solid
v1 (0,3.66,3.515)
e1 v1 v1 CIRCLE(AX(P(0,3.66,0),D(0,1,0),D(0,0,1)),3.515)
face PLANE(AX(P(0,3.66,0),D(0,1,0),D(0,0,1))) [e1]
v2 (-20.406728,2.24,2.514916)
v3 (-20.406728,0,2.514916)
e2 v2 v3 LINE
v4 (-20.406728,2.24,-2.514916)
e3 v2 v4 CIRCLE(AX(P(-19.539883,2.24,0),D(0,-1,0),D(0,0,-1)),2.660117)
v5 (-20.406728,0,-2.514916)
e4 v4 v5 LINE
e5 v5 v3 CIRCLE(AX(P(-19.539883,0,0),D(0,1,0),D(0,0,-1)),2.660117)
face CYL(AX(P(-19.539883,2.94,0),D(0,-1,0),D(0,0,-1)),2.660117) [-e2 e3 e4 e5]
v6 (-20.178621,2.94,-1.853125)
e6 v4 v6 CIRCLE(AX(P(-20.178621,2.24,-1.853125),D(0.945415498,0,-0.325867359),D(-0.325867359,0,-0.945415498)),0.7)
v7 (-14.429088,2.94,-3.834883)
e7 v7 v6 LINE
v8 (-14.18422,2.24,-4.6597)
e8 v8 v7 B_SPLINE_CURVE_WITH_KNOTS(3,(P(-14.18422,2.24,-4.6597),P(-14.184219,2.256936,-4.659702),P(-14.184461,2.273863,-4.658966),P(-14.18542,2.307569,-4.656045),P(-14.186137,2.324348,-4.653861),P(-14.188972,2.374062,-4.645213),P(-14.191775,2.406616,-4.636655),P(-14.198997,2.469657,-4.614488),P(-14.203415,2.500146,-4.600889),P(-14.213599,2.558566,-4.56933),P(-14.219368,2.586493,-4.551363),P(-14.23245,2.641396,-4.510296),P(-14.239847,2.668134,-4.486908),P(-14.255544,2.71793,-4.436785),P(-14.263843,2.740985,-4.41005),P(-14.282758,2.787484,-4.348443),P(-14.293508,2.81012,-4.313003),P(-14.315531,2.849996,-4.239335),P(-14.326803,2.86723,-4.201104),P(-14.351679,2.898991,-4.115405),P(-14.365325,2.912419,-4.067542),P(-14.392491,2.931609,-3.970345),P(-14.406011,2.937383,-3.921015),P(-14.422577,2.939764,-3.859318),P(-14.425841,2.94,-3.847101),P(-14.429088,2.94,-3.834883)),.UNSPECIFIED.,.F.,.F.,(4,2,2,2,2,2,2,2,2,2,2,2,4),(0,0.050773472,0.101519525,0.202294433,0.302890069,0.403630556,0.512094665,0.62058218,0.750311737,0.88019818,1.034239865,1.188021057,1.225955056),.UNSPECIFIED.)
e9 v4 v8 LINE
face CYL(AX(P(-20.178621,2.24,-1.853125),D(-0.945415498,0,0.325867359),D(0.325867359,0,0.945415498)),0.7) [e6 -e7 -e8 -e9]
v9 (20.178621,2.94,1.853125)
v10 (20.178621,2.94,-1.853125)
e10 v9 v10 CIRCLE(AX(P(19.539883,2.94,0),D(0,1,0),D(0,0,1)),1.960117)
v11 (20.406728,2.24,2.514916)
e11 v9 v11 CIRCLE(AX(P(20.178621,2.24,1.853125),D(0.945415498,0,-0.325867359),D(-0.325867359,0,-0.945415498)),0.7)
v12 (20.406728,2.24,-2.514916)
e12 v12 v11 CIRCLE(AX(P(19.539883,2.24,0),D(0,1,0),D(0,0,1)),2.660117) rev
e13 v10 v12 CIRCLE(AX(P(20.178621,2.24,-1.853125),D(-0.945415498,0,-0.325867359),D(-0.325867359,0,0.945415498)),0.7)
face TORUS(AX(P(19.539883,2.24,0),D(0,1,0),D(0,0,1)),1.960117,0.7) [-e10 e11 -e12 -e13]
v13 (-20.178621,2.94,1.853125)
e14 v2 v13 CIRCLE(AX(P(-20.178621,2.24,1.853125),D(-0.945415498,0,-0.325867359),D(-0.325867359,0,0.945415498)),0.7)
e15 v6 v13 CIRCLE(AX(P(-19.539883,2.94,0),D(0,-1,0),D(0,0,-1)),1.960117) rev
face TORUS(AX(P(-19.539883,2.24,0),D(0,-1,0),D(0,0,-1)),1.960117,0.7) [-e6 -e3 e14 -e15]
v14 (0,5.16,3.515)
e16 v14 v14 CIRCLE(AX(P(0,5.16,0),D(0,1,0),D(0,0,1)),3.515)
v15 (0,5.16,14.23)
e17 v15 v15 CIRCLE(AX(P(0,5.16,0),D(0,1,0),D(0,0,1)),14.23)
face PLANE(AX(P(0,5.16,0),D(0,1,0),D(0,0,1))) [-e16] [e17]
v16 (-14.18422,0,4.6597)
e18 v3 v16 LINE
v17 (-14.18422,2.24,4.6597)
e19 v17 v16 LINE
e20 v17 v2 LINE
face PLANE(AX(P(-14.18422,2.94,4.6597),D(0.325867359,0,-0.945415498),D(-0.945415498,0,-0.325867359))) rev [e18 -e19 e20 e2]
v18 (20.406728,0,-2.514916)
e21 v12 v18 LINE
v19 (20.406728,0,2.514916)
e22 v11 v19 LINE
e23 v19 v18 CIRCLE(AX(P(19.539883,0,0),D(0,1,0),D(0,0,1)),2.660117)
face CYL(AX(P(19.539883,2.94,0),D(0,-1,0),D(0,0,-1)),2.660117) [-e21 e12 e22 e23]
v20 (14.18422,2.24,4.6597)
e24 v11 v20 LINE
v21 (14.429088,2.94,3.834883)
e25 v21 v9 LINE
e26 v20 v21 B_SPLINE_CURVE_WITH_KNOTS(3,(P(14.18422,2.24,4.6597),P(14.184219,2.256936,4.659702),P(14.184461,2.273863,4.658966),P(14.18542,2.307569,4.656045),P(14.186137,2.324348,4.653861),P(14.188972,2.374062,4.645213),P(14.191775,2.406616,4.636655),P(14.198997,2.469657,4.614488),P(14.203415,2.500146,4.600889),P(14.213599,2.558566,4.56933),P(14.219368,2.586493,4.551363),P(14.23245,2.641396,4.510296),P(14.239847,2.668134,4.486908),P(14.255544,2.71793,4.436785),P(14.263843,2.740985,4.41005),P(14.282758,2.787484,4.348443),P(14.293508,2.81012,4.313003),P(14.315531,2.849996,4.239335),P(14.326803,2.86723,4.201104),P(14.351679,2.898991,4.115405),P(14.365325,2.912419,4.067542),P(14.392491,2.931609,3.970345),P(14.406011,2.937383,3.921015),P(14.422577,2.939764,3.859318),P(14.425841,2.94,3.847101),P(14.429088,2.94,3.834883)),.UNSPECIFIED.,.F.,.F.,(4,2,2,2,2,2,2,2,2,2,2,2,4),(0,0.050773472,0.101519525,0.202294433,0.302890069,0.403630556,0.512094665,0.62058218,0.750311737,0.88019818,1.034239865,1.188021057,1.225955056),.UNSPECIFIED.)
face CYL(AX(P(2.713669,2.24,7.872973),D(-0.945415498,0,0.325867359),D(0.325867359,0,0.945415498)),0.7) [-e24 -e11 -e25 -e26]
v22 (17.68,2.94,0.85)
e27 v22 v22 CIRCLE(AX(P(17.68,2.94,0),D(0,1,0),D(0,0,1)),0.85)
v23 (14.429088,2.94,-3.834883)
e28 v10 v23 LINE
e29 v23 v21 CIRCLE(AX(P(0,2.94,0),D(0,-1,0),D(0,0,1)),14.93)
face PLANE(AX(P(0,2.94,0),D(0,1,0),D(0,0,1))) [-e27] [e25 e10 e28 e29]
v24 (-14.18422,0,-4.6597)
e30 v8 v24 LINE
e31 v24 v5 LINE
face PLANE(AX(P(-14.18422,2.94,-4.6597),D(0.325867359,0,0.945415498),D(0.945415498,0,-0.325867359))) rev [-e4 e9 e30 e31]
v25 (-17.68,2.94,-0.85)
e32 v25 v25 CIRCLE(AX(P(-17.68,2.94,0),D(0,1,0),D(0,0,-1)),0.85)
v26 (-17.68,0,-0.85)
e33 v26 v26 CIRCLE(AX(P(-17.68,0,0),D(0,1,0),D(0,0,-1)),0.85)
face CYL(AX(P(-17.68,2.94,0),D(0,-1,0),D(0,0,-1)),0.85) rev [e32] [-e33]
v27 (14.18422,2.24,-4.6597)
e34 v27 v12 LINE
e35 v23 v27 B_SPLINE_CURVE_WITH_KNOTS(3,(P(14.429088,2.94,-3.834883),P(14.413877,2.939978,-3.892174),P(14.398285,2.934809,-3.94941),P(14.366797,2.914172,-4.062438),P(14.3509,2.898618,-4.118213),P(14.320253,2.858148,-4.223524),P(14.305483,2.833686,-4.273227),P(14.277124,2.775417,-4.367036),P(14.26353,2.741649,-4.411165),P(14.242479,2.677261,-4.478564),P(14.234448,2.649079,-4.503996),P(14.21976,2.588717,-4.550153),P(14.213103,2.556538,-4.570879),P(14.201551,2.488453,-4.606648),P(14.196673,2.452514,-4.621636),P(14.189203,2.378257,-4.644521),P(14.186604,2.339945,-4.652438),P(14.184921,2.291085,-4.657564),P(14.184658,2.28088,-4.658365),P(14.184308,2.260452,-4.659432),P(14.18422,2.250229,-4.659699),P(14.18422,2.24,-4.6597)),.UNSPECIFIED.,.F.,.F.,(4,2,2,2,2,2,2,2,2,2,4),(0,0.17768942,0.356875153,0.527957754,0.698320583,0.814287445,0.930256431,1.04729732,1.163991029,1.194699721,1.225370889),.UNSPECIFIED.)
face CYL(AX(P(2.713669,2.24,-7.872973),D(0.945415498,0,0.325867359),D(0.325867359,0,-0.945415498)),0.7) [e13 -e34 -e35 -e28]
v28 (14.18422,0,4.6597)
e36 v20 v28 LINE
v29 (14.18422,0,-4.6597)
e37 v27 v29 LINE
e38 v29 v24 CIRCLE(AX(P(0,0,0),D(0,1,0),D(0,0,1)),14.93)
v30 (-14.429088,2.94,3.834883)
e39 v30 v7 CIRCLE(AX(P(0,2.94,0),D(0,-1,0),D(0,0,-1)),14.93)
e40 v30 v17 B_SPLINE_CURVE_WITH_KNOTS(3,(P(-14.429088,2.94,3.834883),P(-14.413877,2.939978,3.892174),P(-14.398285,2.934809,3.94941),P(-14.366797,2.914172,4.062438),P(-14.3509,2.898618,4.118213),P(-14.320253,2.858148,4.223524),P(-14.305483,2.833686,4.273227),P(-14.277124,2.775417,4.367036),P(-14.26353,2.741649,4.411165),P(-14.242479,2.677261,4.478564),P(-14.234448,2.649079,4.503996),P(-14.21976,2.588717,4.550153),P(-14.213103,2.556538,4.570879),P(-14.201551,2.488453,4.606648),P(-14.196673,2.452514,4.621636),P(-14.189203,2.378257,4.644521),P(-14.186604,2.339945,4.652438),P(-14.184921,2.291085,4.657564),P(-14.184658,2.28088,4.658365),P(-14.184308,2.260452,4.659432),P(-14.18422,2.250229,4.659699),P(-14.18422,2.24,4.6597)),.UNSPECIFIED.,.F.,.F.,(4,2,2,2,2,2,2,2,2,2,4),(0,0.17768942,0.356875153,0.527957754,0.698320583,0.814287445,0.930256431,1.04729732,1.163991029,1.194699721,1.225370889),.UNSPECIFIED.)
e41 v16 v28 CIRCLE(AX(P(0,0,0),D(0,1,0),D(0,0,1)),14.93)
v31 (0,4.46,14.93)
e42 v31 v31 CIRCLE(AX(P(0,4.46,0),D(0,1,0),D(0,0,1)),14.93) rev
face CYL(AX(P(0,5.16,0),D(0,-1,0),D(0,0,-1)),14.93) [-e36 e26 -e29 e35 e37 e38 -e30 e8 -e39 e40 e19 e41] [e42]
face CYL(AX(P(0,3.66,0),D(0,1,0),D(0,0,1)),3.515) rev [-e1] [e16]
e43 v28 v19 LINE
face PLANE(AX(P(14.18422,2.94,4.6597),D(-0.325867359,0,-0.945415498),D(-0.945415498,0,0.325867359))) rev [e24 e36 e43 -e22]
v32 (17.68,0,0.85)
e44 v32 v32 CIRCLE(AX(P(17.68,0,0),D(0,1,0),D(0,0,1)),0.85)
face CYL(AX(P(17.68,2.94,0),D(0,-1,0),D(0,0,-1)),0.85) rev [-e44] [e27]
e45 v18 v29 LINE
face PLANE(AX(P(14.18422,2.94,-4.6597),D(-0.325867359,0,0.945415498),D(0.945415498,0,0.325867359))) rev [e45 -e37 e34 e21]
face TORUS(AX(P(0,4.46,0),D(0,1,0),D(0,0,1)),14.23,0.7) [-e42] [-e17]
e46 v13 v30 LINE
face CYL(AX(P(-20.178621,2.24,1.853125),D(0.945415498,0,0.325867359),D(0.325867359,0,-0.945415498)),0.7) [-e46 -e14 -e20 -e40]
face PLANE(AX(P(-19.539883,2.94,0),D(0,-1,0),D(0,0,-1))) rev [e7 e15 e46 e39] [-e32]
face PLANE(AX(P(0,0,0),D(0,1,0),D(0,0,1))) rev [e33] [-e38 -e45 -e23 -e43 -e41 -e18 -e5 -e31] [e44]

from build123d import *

# Parameters (mm, degrees)
SKETCH1_R           = 14.93
BOSS_EXTRUDE1_DEPTH = 5.16
SKETCH2_R           = 0.85
BOSS_EXTRUDE2_DEPTH = 2.94
FILLET2_R           = 0.7
FILLET4_R           = 0.7
SKETCH3_R           = 3.515
CUT_EXTRUDE1_DEPTH  = 1.5


with BuildPart() as part:
    # Sketch1 → Boss-Extrude1 (new body)
    with BuildSketch(Plane(origin=(0, 0, 0), x_dir=(1, 0, 0), z_dir=(0, 1, 0))):
        Circle(SKETCH1_R)
    extrude(amount=BOSS_EXTRUDE1_DEPTH)

    # Sketch2 → Boss-Extrude2 (add)
    with BuildSketch(Plane(origin=(0, 0, 0), x_dir=(1, 0, 0), z_dir=(0, 1, 0))):
        with BuildLine():
            Line((-14.184219953, -4.659700025), (-20.406728453, -2.514915627))
            ThreePointArc((-20.406728453, -2.514915627), (-22.2, 0), (-20.406728453, 2.514915627))
            Line((-20.406728453, 2.514915627), (-14.184219953, 4.659700025))
            ThreePointArc((-14.184219953, 4.659700025), (-14.93, 0), (-14.184219953, -4.659700025))
        make_face()
        with Locations((-17.68, 0)):
            Circle(SKETCH2_R, mode=Mode.SUBTRACT)
        with BuildLine():
            Line((14.184219953, 4.659700025), (20.406728453, 2.514915627))
            ThreePointArc((20.406728453, 2.514915627), (22.2, 0), (20.406728453, -2.514915627))
            Line((20.406728453, -2.514915627), (14.184219953, -4.659700025))
            ThreePointArc((14.184219953, -4.659700025), (14.93, 0), (14.184219953, 4.659700025))
        make_face()
        with Locations((17.68, 0)):
            Circle(SKETCH2_R, mode=Mode.SUBTRACT)
    extrude(amount=BOSS_EXTRUDE2_DEPTH)

    # Fillet2
    fillet2_edges = [part.edges().sort_by_distance(p)[0] for p in [
        (-14.93, 5.16, 0),
    ]]
    fillet(fillet2_edges, radius=FILLET2_R)

    # Fillet4
    fillet4_edges = [part.edges().sort_by_distance(p)[0] for p in [
        (-22.2, 2.94, 0),
        (-17.295474203, 2.94, 3.587307826),
        (-17.295474203, 2.94, -3.587307826),
        (17.295474203, 2.94, 3.587307826),
        (22.2, 2.94, 0),
        (17.295474203, 2.94, -3.587307826),
    ]]
    fillet(fillet4_edges, radius=FILLET4_R)

    # Sketch3 → Cut-Extrude1 (cut)
    with BuildSketch(Plane(origin=(0, 5.16, 0), x_dir=(1, 0, 0), z_dir=(0, 1, 0))):
        Circle(SKETCH3_R)
    extrude(amount=-CUT_EXTRUDE1_DEPTH, mode=Mode.SUBTRACT)


solid = part.part
